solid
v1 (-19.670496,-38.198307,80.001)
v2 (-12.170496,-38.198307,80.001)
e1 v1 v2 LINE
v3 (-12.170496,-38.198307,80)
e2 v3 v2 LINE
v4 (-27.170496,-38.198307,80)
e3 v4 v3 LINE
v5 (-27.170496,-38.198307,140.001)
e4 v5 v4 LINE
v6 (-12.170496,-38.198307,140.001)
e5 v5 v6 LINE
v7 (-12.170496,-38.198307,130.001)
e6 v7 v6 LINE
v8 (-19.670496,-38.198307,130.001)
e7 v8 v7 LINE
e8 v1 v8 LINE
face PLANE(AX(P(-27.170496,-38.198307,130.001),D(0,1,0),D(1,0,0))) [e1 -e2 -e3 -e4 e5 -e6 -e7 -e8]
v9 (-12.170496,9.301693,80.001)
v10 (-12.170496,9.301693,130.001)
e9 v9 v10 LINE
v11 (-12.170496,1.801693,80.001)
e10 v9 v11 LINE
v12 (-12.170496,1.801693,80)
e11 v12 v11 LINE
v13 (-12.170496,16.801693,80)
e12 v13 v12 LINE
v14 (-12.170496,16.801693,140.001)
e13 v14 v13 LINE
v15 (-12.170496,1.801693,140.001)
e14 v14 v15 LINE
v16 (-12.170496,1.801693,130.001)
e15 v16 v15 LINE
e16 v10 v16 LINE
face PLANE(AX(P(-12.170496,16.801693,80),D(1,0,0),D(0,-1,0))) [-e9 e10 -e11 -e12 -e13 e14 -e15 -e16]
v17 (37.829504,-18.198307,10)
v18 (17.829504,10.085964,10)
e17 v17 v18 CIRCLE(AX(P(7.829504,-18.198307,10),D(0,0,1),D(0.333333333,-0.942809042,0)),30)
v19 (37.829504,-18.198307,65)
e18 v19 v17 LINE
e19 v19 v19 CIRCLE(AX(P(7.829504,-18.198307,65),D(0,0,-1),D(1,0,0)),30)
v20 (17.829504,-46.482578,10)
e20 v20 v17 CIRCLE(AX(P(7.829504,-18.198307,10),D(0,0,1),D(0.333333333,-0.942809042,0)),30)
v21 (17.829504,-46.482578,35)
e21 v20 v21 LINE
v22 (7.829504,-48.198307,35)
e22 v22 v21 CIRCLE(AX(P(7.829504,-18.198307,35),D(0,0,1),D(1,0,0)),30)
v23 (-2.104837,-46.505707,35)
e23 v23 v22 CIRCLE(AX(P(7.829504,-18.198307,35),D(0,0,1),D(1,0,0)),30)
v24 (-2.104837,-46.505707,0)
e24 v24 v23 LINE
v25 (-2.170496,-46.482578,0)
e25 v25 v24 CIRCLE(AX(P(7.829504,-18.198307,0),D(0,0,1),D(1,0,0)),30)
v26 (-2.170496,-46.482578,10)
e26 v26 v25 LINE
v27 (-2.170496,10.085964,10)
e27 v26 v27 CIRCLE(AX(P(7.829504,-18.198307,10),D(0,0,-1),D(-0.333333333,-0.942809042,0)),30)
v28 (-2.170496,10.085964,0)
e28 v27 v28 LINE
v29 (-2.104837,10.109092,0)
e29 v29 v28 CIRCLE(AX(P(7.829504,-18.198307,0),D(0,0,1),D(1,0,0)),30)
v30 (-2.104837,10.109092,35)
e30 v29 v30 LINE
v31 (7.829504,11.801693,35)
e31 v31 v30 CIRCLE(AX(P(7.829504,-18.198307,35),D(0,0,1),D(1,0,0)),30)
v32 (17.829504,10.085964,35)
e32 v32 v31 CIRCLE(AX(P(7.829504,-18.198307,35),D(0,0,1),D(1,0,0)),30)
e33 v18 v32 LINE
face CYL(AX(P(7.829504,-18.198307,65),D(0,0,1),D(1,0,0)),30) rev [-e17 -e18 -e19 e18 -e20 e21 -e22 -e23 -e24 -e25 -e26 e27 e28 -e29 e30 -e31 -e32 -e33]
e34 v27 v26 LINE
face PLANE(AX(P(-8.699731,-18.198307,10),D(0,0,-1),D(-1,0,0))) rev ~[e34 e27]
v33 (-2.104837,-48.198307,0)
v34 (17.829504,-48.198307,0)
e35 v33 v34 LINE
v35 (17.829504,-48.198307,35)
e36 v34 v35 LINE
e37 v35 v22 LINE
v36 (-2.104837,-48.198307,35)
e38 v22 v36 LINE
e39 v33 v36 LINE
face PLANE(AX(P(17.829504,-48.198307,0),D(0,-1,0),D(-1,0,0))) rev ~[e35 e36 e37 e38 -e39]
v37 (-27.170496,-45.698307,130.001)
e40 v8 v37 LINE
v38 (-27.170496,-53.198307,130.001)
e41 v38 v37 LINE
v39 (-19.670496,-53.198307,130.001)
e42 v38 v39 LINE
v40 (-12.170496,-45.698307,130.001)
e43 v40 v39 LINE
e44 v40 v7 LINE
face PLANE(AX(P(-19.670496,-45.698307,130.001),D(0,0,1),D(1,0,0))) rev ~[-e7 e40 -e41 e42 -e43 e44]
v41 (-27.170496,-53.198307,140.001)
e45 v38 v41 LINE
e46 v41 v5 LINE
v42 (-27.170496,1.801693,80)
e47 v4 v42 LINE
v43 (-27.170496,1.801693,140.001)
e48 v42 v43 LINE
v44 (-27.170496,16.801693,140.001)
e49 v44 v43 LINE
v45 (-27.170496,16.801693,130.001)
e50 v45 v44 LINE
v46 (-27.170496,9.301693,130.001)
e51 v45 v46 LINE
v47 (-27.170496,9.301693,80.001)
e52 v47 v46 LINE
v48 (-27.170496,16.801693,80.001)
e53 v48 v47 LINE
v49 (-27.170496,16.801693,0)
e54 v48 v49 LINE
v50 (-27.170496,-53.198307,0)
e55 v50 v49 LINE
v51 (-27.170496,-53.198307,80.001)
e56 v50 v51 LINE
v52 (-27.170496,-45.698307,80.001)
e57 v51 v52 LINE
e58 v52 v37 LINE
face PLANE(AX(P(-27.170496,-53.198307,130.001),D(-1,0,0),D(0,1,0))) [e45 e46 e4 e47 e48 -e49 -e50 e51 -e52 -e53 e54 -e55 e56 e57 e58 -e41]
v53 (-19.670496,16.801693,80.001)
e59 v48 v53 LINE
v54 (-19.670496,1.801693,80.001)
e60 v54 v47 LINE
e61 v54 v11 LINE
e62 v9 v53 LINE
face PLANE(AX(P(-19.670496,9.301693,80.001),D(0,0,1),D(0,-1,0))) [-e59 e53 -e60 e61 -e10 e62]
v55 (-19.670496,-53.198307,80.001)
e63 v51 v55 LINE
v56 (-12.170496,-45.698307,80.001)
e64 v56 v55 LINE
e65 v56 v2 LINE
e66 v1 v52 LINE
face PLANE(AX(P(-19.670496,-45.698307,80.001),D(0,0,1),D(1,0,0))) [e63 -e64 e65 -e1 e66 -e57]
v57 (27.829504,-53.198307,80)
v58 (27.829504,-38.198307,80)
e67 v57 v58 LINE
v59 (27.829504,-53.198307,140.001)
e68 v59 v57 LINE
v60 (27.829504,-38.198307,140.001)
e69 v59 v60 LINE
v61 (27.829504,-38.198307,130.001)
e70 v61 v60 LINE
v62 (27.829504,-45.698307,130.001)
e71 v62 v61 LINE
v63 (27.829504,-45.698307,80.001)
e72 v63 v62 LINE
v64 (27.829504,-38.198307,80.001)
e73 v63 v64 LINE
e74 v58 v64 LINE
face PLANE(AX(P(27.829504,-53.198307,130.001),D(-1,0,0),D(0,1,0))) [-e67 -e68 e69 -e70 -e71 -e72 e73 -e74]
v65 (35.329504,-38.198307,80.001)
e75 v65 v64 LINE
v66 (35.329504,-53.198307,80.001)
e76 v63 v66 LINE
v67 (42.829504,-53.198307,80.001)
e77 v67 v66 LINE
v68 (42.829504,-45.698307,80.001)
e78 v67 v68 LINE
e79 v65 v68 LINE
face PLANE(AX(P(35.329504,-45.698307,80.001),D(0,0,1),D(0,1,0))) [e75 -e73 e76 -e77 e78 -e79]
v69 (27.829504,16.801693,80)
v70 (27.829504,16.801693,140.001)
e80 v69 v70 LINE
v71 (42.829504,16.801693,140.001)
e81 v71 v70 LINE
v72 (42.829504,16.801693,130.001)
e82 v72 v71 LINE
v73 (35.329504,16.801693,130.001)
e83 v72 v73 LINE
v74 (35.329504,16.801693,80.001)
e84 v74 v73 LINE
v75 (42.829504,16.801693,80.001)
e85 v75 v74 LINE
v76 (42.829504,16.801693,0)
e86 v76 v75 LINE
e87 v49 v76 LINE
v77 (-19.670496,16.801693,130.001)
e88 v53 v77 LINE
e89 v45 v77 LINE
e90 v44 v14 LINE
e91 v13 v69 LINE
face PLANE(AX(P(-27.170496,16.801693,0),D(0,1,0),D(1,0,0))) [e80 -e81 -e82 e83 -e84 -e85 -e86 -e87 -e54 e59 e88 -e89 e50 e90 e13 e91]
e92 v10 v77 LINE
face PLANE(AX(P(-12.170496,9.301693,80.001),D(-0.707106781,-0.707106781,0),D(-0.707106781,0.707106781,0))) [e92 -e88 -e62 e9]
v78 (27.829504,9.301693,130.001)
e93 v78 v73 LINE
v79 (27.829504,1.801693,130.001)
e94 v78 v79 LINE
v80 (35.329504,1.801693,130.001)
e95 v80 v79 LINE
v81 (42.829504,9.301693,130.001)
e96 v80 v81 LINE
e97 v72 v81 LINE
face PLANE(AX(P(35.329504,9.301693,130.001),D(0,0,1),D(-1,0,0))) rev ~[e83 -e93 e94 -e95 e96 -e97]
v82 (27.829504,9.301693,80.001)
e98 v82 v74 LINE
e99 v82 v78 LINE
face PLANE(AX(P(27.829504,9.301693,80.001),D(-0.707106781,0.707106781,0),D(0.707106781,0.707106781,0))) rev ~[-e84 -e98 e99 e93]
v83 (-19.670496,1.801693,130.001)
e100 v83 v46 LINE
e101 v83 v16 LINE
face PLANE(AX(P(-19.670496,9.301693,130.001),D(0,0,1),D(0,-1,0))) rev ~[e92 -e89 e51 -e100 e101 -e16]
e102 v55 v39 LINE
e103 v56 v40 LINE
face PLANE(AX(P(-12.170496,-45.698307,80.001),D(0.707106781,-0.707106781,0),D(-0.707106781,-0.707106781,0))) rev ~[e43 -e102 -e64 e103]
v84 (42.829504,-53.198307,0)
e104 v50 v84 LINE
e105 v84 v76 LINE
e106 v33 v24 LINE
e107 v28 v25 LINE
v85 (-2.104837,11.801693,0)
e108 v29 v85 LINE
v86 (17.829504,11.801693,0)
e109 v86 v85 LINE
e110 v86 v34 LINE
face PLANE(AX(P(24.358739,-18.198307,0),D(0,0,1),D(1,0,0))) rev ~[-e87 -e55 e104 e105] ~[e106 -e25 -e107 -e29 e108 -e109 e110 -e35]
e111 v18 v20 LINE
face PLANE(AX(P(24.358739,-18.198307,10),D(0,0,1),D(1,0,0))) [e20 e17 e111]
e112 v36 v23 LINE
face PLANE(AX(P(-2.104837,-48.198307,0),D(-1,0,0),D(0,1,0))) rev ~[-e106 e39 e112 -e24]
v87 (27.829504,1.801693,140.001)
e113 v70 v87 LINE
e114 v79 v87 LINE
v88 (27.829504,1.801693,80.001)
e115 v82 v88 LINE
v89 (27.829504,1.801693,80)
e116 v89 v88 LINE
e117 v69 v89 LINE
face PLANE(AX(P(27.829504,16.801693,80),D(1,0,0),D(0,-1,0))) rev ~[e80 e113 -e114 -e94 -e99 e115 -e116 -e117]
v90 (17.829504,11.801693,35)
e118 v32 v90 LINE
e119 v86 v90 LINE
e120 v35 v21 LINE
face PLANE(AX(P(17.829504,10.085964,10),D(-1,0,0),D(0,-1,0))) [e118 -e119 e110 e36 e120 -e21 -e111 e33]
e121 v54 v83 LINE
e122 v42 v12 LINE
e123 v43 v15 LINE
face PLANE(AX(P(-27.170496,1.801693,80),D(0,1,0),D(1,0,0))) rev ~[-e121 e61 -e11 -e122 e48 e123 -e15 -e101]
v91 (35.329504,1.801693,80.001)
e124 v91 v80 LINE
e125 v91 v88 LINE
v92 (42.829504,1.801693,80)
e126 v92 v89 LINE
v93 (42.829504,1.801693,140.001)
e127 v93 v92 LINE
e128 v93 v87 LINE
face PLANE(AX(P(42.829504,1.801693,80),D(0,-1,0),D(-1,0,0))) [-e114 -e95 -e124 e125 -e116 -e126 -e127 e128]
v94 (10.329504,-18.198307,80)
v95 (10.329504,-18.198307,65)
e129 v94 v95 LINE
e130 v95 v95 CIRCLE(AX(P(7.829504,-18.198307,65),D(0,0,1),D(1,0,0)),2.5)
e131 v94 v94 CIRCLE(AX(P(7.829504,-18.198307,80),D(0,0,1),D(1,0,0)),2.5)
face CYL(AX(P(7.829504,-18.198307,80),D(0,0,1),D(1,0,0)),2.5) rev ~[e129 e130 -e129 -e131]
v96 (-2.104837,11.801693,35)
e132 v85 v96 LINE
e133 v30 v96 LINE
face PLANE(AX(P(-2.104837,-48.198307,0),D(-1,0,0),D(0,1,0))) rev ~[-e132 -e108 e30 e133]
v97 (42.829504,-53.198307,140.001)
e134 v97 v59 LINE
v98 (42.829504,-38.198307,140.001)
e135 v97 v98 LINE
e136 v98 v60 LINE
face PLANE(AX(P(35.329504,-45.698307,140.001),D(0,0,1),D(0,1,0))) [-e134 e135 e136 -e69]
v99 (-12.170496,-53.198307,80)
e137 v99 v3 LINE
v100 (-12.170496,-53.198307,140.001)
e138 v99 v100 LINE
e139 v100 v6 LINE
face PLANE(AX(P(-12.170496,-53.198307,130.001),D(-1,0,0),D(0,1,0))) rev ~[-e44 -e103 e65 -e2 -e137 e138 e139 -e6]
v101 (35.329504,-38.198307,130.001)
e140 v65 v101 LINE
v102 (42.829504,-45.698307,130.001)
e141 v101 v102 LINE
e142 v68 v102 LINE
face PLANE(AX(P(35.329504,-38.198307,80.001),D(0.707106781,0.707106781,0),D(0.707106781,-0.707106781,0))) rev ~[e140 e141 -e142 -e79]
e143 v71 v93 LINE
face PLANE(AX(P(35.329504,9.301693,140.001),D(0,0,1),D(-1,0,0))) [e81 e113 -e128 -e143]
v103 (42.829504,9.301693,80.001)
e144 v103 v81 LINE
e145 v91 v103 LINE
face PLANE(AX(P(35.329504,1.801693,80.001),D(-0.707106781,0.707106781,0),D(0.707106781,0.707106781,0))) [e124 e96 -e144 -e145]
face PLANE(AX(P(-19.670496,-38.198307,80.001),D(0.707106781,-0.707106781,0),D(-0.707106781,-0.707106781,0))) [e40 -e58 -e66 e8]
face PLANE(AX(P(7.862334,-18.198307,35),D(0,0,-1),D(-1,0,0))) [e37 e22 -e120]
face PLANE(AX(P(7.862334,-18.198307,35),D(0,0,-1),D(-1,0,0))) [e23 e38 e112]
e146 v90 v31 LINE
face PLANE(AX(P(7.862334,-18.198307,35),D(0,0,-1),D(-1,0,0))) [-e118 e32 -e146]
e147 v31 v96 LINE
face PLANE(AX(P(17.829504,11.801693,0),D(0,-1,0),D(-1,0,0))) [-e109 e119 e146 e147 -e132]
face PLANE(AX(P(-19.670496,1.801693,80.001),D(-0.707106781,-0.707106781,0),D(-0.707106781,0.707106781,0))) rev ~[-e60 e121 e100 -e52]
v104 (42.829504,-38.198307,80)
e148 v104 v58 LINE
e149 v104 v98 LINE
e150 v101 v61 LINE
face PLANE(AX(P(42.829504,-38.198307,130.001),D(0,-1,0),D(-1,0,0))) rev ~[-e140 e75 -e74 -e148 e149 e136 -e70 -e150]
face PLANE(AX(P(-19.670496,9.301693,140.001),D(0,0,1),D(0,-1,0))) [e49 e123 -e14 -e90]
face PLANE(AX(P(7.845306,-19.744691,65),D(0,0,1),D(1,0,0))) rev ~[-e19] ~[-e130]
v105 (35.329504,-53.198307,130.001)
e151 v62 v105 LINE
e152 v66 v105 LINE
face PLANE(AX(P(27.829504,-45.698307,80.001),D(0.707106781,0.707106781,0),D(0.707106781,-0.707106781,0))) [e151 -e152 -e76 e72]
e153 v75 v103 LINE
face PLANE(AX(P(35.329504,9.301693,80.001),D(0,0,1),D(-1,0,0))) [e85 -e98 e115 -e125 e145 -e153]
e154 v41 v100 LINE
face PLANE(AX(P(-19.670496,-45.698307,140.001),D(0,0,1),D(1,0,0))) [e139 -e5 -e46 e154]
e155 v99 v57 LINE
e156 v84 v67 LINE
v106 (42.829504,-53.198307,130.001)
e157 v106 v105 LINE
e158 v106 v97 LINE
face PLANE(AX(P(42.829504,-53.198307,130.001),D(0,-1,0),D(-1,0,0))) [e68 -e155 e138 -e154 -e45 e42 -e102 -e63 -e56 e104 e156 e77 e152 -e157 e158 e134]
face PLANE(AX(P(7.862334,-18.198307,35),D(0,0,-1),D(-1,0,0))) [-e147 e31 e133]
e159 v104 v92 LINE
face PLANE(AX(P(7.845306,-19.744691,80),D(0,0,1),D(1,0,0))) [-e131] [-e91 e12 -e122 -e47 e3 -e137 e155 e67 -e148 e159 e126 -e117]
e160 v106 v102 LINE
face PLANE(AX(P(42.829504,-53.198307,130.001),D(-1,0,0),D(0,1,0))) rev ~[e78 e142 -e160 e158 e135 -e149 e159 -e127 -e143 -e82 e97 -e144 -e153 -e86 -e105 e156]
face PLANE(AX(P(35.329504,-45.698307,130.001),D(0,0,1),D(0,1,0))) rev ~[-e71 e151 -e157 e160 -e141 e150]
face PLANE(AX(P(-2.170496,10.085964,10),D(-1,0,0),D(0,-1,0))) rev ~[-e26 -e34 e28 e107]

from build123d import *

# Parameters (mm, degrees)
SKETCH_1_W               = 70
SKETCH_1_H               = 70
SKETCH_1_W_2             = 40
SKETCH_1_H_2             = 40
EXTRUDE_1_DEPTH          = 80
SKETCH_3_W               = 40
SKETCH_3_H               = 40
EXTRUDE_2_DEPTH          = 15
SKETCH_4_R               = 2.5
CUT_EXTRUDE_1_DEPTH      = 15
SKETCH_5_R               = 30
CUT_EXTRUDE_3_DEPTH      = 70
EXTRUDE_START            = -10
EXTRUDE_4_DEPTH          = 10
SKETCH_8_W               = 19.934341116
SKETCH_8_H               = 60
CUT_EXTRUDE_6_DEPTH      = 35
SKETCH_9_W               = 15
SKETCH_9_H               = 15
EXTRUDE_5_DEPTH          = 0.001
EXTRUDE_6_DEPTH          = 50
SKETCH_11_W              = 15
SKETCH_11_H              = 15
EXTRUDE_7_DEPTH          = 10
PATTERN_CIRCULAR_1_COUNT = 4


with BuildPart() as part:
    # 草图1 → 凸台-拉伸1 (new body)
    with BuildSketch(Plane.XY):
        with Locations((7.829504232, -18.198307134)):
            Rectangle(SKETCH_1_W, SKETCH_1_H)
        with Locations((7.845306404, -19.744690932)):
            Rectangle(SKETCH_1_W_2, SKETCH_1_H_2, mode=Mode.SUBTRACT)
    extrude(amount=EXTRUDE_1_DEPTH)

    # 草图3 → 凸台-拉伸2 (add)
    with BuildSketch(Plane.XY.offset(80)):
        with Locations((7.845306404, -19.744690932)):
            Rectangle(SKETCH_3_W, SKETCH_3_H)
    extrude(amount=-EXTRUDE_2_DEPTH)

    # 草图4 → 切除-拉伸1 (cut)
    with BuildSketch(Plane.XY.offset(80)):
        with Locations((7.829504232, -18.198307134)):
            Circle(SKETCH_4_R)
    extrude(amount=-CUT_EXTRUDE_1_DEPTH, mode=Mode.SUBTRACT)

    # 草图5 → 切除-拉伸3 (cut)
    with BuildSketch(Plane(origin=(0, 0, 65), x_dir=(-1, 0, 0), z_dir=(0, 0, -1))):
        with Locations(Location((-7.829504232, -18.198307134, 0), (0, 0, 180))):
            Circle(SKETCH_5_R)
    extrude(amount=CUT_EXTRUDE_3_DEPTH, mode=Mode.SUBTRACT)

    # 草图7 → 凸台-拉伸4 (add)
    with BuildSketch(Plane(origin=(0, 0, 0), x_dir=(-1, 0, 0), z_dir=(0, 0, -1)).offset(EXTRUDE_START)):
        with BuildLine():
            Line((-17.829504232, 10.085964113), (-17.829504232, -46.482578382))
            ThreePointArc((-17.829504232, -46.482578382), (-37.829504232, -18.198307134), (-17.829504232, 10.085964113))
        make_face()
        with BuildLine():
            Line((2.170495768, 10.085964113), (2.170495768, -46.482578382))
            ThreePointArc((2.170495768, -46.482578382), (22.170495768, -18.198307134), (2.170495768, 10.085964113))
        make_face()
    extrude(amount=EXTRUDE_4_DEPTH)

    # 草图8 → 切除-拉伸6 (cut)
    with BuildSketch(Plane(origin=(0, 0, 0), x_dir=(-1, 0, 0), z_dir=(0, 0, -1))):
        with Locations((-7.862333674, -18.198307134)):
            Rectangle(SKETCH_8_W, SKETCH_8_H)
    extrude(amount=-CUT_EXTRUDE_6_DEPTH, mode=Mode.SUBTRACT)

    # 草图9 → 凸台-拉伸5 (add)
    with BuildSketch(Plane.XY.offset(80)):
        with Locations((-19.670495768, -45.698307134)):
            Rectangle(SKETCH_9_W, SKETCH_9_H)
    extrude_5 = extrude(amount=EXTRUDE_5_DEPTH)

    # 草图10 → 凸台-拉伸6 (add)
    with BuildSketch(Plane.XY.offset(80.001)):
        Polygon((-27.170495768, -38.198307134), (-19.670495768, -38.198307134), (-27.170495768, -45.698307134), align=None)
        Polygon((-19.670495768, -53.198307134), (-12.170495768, -53.198307134), (-12.170495768, -45.698307134), align=None)
    extrude_6 = extrude(amount=EXTRUDE_6_DEPTH)

    # 草图11 → 凸台-拉伸7 (add)
    with BuildSketch(Plane.XY.offset(130.001)):
        with Locations((-19.670495768, -45.698307134)):
            Rectangle(SKETCH_11_W, SKETCH_11_H)
    extrude_7 = extrude(amount=EXTRUDE_7_DEPTH)

    # 阵列(圆周)1: 凸台-拉伸5, 凸台-拉伸6, 凸台-拉伸7 ×4 about axis
    pattern_circular_1_axis = Axis((7.829504232, -18.198307134, 0), (0, 0, 1))
    add([extrude_5.rotate(pattern_circular_1_axis, i * 360 / PATTERN_CIRCULAR_1_COUNT) for i in range(1, PATTERN_CIRCULAR_1_COUNT)])
    add([extrude_6.rotate(pattern_circular_1_axis, i * 360 / PATTERN_CIRCULAR_1_COUNT) for i in range(1, PATTERN_CIRCULAR_1_COUNT)])
    add([extrude_7.rotate(pattern_circular_1_axis, i * 360 / PATTERN_CIRCULAR_1_COUNT) for i in range(1, PATTERN_CIRCULAR_1_COUNT)])


solid = part.part
